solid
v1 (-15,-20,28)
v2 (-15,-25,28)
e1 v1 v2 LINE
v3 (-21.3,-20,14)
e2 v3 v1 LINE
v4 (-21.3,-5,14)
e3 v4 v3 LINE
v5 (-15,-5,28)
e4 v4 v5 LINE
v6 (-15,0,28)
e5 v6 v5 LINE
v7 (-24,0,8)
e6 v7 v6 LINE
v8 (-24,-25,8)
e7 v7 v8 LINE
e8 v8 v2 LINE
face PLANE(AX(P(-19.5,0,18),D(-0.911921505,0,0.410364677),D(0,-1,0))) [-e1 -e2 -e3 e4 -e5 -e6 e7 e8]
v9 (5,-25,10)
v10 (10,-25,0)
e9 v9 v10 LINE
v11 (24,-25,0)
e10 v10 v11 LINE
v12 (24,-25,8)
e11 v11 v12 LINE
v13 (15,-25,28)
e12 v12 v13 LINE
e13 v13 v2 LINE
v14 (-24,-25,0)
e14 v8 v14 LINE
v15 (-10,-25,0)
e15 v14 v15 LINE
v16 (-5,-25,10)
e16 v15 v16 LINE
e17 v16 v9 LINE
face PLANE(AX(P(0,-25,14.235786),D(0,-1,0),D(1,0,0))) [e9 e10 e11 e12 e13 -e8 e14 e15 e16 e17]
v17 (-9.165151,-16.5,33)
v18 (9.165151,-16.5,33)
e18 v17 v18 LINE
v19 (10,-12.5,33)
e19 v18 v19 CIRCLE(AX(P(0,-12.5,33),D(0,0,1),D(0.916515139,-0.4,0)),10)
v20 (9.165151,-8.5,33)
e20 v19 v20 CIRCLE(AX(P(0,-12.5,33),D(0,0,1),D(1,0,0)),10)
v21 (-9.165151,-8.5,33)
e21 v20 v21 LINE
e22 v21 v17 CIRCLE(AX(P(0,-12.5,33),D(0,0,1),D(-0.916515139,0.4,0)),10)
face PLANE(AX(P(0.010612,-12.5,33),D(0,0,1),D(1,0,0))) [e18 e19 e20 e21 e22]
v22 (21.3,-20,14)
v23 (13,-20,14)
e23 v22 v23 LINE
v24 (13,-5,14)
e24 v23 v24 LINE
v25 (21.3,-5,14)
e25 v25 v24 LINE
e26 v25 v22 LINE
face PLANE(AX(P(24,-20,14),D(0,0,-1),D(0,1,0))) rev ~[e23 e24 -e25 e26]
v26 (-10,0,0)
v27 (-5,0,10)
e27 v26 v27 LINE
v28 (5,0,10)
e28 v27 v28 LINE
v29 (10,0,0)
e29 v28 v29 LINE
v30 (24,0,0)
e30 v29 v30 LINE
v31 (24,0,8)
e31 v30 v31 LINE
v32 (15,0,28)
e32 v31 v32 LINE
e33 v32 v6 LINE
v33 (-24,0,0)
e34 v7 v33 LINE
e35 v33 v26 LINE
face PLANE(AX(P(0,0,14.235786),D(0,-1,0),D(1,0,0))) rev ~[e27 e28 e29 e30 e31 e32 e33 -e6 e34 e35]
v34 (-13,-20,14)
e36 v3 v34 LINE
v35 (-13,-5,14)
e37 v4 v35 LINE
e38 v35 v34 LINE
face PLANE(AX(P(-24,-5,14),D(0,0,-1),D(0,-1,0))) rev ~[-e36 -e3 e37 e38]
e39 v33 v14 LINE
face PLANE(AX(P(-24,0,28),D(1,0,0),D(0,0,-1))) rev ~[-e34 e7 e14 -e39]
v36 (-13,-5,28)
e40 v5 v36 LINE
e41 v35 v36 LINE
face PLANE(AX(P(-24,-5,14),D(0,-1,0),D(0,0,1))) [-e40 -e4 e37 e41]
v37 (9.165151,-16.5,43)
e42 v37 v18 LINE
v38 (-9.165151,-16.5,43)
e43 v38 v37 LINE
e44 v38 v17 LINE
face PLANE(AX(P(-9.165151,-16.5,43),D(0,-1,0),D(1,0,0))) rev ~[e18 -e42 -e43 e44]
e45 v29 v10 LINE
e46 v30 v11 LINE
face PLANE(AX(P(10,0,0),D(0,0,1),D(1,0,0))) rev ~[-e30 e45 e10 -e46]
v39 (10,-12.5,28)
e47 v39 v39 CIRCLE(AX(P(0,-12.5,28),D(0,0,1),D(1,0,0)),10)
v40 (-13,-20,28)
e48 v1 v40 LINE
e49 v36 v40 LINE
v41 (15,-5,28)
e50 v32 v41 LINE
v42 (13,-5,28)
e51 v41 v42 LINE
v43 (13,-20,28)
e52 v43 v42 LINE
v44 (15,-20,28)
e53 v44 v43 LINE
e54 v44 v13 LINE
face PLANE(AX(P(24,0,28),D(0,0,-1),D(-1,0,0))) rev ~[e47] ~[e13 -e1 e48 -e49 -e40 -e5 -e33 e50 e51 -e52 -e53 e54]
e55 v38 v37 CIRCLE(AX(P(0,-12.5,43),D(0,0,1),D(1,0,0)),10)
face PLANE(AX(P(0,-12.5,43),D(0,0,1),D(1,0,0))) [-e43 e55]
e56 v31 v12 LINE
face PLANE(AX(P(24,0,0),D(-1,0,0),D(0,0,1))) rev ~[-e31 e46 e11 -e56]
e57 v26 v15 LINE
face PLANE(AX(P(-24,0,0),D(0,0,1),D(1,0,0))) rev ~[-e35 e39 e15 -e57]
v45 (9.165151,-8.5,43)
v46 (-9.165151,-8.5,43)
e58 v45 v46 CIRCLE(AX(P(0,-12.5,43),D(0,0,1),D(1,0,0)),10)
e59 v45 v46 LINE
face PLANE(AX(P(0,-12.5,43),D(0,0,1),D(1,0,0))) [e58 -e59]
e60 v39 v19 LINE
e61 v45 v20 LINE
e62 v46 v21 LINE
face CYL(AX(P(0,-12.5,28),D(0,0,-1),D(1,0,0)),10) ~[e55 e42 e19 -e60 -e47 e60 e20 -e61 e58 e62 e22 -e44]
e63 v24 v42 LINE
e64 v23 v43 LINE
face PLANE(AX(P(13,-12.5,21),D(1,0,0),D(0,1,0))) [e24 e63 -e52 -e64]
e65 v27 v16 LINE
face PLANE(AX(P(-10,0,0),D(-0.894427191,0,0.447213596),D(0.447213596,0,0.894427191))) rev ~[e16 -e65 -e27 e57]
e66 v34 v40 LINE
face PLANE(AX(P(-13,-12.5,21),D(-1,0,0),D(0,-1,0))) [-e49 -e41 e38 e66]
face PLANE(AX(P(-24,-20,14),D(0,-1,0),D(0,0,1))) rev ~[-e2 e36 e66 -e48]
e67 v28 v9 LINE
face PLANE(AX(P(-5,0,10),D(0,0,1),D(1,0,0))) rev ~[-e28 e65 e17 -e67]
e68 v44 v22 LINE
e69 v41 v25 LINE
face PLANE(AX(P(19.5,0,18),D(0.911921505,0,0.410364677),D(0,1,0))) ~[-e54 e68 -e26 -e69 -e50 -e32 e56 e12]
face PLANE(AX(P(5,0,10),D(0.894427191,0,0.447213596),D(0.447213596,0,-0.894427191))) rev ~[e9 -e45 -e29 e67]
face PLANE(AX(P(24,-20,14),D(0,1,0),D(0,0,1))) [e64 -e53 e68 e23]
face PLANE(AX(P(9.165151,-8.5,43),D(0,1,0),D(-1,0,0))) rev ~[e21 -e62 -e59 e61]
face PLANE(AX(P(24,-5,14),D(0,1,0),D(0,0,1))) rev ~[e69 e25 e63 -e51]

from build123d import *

# Parameters (mm, degrees)
F1_DEPTH   = 25
F2_SIZE2   = 9
F2_SIZE    = 20
F2_2_SIZE2 = 9
F2_2_SIZE  = 20
F3_R       = 10
F4_DEPTH   = 15
F6_DEPTH   = 10
F7_W       = 15
F7_H       = 14
F8_DEPTH   = 11
F9_W       = 15
F9_H       = 14
F10_DEPTH  = 11


with BuildPart() as f1:
    # F0 (on Front) → F1 (new body)
    with BuildSketch(Plane.XZ):
        Polygon((24, 28), (-24, 28), (-24, 0), (-10, 0), (-5, 10), (5, 10), (10, 0), (24, 0), align=None)
    extrude(amount=F1_DEPTH)

    # F2
    f2_edges = [f1.edges().sort_by_distance(p)[0] for p in [
        (-24, -12.5, 28),
    ]]
    f2_side = f1.faces().sort_by_distance((-24, -12.5, 14))[0]
    chamfer(f2_edges, length=F2_SIZE, length2=F2_SIZE2, reference=f2_side)

    # F2#2
    f2_2_edges = [f1.edges().sort_by_distance(p)[0] for p in [
        (24, -12.5, 28),
    ]]
    f2_2_side = f1.faces().sort_by_distance((24, -12.5, 14))[0]
    chamfer(f2_2_edges, length=F2_2_SIZE, length2=F2_2_SIZE2, reference=f2_2_side)

    # F3 (on face) → F4 (join)
    with BuildSketch(Plane.XY.offset(28)):
        with Locations((0, -12.5)):
            Circle(F3_R)
    extrude(amount=F4_DEPTH)

    # F5 (on face) → F6 (cut)
    with BuildSketch(Plane.XY.offset(43)):
        with BuildLine():
            Line((9.1651513899, -8.5), (-9.1651513899, -8.5))
            ThreePointArc((-9.1651513899, -8.5), (-10, -12.5), (-9.1651513899, -16.5))
            Line((-9.1651513899, -16.5), (9.1651513899, -16.5))
            ThreePointArc((9.1651513899, -16.5), (9.7890631293, -14.5430964369), (10, -12.5))
            ThreePointArc((10, -12.5), (9.7890631293, -10.4569035631), (9.1651513899, -8.5))
        make_face()
    extrude(amount=-F6_DEPTH, mode=Mode.SUBTRACT)

    # F7 (on face) → F8 (cut)
    with BuildSketch(Plane.YZ.offset(24)):
        with Locations((-12.5, 21)):
            Rectangle(F7_W, F7_H)
    extrude(amount=-F8_DEPTH, mode=Mode.SUBTRACT)

    # F9 (on face) → F10 (cut)
    with BuildSketch(Plane(origin=(-24, 0, 0), x_dir=(0, -1, 0), z_dir=(-1, 0, 0))):
        with Locations((12.5, 21)):
            Rectangle(F9_W, F9_H)
    extrude(amount=-F10_DEPTH, mode=Mode.SUBTRACT)


solid = f1.part
